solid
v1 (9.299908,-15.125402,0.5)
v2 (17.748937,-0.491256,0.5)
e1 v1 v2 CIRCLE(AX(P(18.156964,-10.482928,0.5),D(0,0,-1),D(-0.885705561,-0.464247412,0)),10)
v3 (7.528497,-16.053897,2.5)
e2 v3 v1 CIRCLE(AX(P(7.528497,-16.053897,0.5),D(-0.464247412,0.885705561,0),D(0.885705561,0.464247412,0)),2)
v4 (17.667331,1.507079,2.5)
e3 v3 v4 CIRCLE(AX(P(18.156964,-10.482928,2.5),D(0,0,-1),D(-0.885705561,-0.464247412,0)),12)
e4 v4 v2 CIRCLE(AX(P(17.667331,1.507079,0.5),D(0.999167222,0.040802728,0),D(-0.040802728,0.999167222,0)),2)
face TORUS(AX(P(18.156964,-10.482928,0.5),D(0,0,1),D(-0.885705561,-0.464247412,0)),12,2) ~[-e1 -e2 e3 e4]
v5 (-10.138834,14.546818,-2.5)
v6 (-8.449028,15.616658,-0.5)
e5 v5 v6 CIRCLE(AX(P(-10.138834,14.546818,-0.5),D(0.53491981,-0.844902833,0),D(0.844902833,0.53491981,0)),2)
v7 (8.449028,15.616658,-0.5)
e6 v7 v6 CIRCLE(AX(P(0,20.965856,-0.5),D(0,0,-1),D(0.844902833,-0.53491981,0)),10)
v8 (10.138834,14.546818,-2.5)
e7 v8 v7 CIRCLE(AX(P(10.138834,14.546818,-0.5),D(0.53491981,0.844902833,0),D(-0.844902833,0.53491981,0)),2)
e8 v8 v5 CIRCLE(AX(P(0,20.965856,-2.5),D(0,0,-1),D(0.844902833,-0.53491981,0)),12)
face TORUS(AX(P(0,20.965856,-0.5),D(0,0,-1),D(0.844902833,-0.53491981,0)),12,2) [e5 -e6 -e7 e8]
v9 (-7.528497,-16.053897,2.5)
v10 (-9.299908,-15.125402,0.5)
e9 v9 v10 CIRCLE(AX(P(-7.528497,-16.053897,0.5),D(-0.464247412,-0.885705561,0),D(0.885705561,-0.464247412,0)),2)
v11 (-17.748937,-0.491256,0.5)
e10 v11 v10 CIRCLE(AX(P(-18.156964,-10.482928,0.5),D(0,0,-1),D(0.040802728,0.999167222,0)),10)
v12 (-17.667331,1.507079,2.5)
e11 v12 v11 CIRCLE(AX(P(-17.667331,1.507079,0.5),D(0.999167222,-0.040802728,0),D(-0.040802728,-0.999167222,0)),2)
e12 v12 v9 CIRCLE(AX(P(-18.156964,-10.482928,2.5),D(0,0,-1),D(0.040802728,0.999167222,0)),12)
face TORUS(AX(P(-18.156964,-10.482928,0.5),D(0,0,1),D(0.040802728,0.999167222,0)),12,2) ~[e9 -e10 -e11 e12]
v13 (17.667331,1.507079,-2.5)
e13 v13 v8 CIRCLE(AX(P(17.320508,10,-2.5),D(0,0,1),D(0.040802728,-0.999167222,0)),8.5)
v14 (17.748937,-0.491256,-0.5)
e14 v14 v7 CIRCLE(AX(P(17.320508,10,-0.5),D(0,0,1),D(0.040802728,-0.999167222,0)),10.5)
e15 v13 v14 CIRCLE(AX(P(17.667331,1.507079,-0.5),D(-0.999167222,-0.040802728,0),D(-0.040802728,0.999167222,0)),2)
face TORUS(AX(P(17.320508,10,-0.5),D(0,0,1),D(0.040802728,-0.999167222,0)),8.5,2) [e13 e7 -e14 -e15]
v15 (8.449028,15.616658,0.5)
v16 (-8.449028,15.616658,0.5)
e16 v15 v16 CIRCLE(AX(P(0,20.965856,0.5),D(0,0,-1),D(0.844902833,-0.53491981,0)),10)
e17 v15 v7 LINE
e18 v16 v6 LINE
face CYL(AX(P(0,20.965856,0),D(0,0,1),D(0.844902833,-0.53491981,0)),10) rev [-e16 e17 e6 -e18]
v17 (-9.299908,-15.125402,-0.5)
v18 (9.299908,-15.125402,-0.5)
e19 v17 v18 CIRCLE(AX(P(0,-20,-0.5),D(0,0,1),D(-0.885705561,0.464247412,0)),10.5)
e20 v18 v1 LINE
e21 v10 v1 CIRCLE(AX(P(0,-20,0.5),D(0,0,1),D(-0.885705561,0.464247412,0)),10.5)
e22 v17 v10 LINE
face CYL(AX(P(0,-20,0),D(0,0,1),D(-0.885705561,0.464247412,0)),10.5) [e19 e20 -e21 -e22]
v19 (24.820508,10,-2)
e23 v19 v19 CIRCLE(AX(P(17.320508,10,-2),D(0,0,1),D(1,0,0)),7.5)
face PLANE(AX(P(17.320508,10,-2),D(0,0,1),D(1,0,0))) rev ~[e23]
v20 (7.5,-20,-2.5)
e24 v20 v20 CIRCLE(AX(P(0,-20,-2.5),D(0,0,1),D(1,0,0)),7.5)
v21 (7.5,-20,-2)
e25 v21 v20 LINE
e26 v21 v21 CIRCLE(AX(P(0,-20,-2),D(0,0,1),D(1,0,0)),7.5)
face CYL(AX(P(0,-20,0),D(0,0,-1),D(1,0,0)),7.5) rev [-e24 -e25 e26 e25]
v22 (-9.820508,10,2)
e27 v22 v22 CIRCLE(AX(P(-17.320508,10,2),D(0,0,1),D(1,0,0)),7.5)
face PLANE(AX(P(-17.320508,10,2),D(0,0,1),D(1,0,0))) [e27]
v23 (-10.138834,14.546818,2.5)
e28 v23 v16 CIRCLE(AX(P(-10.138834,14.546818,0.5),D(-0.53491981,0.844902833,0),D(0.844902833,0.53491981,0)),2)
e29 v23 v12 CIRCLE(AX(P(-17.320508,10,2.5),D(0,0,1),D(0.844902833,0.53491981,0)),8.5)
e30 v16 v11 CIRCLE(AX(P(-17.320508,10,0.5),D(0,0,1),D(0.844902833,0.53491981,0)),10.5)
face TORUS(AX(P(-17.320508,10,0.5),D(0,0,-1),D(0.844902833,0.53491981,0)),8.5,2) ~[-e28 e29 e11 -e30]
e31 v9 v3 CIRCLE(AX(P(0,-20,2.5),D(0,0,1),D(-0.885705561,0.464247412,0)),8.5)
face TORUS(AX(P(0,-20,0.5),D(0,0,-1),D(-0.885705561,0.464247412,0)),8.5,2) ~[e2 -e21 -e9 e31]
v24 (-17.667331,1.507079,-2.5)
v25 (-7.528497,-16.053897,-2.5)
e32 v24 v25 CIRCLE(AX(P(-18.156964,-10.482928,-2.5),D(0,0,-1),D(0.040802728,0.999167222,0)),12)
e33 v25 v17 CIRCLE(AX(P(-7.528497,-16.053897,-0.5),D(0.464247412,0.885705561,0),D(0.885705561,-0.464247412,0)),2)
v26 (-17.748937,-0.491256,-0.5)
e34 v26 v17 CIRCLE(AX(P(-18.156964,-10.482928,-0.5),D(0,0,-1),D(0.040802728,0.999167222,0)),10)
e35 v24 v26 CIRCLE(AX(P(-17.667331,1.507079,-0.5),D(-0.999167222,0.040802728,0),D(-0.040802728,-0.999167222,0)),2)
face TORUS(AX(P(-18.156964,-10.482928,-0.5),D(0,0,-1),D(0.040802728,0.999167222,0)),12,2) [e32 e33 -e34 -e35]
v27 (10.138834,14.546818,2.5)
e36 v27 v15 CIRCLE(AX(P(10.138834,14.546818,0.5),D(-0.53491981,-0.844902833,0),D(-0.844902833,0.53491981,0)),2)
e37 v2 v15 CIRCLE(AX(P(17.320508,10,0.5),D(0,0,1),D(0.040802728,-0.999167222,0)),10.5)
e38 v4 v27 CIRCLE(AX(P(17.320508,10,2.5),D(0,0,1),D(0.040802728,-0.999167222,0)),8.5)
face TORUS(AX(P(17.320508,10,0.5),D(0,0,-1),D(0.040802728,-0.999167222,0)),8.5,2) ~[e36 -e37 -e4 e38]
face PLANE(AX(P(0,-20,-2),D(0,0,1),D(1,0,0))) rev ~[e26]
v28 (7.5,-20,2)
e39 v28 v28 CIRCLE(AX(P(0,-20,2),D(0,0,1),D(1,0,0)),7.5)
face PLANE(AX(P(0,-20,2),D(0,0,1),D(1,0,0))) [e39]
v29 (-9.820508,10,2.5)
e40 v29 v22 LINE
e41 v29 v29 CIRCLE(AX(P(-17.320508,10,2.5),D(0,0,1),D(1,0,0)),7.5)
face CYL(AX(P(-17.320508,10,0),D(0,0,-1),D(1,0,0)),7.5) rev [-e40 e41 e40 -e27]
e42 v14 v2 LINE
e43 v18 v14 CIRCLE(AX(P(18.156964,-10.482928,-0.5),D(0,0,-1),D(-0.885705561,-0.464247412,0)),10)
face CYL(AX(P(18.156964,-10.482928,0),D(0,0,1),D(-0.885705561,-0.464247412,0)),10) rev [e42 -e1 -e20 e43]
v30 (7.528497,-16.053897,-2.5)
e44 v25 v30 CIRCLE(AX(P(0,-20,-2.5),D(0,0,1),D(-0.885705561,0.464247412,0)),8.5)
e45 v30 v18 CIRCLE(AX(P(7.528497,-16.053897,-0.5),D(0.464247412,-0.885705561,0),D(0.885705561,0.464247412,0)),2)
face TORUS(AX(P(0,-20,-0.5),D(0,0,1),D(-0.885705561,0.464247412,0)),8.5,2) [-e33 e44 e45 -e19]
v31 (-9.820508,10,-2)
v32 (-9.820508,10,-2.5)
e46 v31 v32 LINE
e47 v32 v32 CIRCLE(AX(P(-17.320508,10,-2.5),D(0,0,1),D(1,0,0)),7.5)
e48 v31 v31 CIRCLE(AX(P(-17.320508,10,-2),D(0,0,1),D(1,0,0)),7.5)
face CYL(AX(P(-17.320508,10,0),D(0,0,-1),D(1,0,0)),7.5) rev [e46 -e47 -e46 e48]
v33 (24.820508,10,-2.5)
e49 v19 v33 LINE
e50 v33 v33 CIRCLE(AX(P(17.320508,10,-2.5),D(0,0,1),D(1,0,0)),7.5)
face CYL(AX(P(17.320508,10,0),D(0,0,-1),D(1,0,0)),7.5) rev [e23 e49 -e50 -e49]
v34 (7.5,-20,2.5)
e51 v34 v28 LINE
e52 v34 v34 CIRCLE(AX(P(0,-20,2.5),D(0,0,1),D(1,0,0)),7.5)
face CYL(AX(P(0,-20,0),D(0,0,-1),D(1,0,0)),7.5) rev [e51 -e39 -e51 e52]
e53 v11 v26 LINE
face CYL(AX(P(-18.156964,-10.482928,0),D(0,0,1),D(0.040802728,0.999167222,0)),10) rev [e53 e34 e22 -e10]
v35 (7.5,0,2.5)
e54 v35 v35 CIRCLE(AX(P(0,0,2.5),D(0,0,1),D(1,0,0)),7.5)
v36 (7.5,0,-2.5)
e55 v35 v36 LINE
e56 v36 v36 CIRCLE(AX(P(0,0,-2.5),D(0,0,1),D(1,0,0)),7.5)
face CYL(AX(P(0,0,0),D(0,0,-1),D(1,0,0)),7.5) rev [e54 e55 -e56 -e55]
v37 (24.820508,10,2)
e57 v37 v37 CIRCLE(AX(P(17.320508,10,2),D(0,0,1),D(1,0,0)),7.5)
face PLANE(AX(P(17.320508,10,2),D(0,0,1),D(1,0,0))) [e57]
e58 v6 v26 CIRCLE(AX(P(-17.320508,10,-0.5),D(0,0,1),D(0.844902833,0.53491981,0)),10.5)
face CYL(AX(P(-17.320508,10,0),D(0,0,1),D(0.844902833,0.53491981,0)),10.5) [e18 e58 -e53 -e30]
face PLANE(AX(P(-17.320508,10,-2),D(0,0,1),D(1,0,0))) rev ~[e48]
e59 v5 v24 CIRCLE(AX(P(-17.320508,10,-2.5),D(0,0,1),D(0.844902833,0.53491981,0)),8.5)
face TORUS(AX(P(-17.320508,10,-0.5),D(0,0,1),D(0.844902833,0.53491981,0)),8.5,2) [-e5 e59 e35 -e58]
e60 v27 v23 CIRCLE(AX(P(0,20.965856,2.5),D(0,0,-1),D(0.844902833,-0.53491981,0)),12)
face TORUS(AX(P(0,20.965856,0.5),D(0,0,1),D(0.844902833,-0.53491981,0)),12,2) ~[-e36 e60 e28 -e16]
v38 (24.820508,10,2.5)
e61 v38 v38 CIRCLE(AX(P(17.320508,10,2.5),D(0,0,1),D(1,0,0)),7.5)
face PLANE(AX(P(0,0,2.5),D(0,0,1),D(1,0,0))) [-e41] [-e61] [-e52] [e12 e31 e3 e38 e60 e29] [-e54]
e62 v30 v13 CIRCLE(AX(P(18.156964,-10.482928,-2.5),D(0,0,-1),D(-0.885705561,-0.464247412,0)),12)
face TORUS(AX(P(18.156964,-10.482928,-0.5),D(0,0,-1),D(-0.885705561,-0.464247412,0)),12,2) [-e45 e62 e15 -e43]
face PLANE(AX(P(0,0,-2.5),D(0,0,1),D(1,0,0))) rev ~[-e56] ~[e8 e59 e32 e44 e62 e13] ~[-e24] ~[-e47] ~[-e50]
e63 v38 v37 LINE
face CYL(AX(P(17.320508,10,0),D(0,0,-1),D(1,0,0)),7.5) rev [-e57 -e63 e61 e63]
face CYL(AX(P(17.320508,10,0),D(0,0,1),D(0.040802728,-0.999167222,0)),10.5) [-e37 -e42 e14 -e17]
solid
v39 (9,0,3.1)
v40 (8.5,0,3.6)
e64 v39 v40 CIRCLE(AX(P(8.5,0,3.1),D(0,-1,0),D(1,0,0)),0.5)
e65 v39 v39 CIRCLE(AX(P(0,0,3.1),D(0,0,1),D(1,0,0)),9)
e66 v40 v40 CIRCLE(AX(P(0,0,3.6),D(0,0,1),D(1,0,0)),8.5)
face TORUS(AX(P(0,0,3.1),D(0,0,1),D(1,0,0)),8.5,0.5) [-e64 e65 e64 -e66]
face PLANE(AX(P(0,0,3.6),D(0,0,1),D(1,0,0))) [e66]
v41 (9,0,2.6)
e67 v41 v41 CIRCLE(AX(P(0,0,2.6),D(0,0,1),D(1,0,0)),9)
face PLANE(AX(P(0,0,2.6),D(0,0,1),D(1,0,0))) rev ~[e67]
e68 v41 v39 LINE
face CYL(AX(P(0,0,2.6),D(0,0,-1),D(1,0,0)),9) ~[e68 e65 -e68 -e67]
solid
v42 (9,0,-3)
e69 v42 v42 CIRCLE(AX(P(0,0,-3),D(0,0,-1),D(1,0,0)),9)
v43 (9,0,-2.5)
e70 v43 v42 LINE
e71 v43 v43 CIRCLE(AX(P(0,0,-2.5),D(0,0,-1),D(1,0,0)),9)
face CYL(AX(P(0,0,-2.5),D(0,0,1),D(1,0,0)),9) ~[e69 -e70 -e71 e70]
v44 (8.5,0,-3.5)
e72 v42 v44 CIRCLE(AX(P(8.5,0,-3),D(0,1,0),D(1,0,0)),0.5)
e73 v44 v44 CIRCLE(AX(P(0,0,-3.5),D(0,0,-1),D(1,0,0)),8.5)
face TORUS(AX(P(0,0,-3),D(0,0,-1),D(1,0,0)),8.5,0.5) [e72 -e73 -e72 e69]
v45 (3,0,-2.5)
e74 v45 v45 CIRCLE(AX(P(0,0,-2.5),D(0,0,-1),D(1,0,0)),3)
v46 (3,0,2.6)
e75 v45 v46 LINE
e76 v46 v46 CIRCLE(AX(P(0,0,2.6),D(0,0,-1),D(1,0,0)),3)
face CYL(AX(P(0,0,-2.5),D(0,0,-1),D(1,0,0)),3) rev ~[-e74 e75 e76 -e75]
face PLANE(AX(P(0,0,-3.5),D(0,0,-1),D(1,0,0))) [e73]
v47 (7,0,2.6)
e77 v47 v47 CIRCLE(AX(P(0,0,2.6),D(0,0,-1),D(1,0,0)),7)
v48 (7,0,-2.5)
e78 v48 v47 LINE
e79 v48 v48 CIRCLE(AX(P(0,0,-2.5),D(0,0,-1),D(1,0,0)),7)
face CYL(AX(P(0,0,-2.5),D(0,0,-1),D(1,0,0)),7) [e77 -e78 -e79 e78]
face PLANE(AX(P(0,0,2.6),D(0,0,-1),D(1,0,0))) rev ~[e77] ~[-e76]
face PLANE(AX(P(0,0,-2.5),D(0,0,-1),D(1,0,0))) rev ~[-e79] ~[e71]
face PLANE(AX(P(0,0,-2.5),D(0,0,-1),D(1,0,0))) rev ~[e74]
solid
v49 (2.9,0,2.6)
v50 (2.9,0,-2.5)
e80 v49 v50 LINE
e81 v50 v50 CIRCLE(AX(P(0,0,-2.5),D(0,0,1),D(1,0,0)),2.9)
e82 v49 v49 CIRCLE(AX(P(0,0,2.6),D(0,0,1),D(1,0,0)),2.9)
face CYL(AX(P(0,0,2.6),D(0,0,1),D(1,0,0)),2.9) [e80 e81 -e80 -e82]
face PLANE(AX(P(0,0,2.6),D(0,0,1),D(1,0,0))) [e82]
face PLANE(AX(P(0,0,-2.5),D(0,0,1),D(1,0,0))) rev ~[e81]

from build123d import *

# Parameters (mm, degrees)
F0_R     = 7.5
F1_DEPTH = 2.5
F2_DEPTH = 2
F3_R     = 7
F3_R_2   = 3
F4_DEPTH = 5.1
F3_R_3   = 9
F5_DEPTH = 1
F6_R     = 2.9
F7_DEPTH = 5.1
F6_R_2   = 9
F6_R_3   = 7
F6_R_4   = 3
F8_DEPTH = 1
F9_R     = 2
F10_R    = 0.5
F10_2_R  = 0.5


with BuildPart() as f1:
    # F0 (on Top) → F1 (new body, symmetric)
    with BuildSketch(Plane.XY):
        with BuildLine():
            ThreePointArc((-17.748936717, -0.4912558304), (-9.4967099566, -5.4829280499), (-9.2999083874, -15.1254021719))
            ThreePointArc((-9.2999083874, -15.1254021719), (0, -30.5), (9.2999083874, -15.1254021719))
            ThreePointArc((9.2999083874, -15.1254021719), (9.4967099566, -5.4829280499), (17.748936717, -0.4912558304))
            ThreePointArc((17.748936717, -0.4912558304), (26.4137748154, 15.25), (8.4490283296, 15.6166580023))
            ThreePointArc((8.4490283296, 15.6166580023), (0, 10.9658560997), (-8.4490283296, 15.6166580023))
            ThreePointArc((-8.4490283296, 15.6166580023), (-26.4137748154, 15.25), (-17.748936717, -0.4912558304))
        make_face()
        with Locations((0, -20)):
            Circle(F0_R, mode=Mode.SUBTRACT)
        with Locations((-17.3205080757, 10)):
            Circle(F0_R, mode=Mode.SUBTRACT)
        Circle(F0_R, mode=Mode.SUBTRACT)
        with Locations((17.3205080757, 10)):
            Circle(F0_R, mode=Mode.SUBTRACT)
    extrude(amount=F1_DEPTH, both=True)

    # F0 (on Top) → F2 (join, symmetric)
    with BuildSketch(Plane.XY):
        with Locations((17.3205080757, 10)):
            Circle(F0_R)
        with Locations((-17.3205080757, 10)):
            Circle(F0_R)
        with Locations((0, -20)):
            Circle(F0_R)
    extrude(amount=F2_DEPTH, both=True)

    # F9
    f9_edges = [f1.edges().sort_by_distance(p)[0] for p in [
        (-26.413775, 15.25, 2.5),
        (-26.413775, 15.25, -2.5),
    ]]
    fillet(f9_edges, radius=F9_R)


with BuildPart() as f4:
    # F3 (on face) → F4 (new body)
    with BuildSketch(Plane(origin=(0, 0, -2.5), x_dir=(1, 0, 0), z_dir=(0, 0, -1))):
        Circle(F3_R)
        Circle(F3_R_2, mode=Mode.SUBTRACT)
    extrude(amount=-F4_DEPTH)

    # F3 (on face) → F5 (join)
    with BuildSketch(Plane(origin=(0, 0, -2.5), x_dir=(1, 0, 0), z_dir=(0, 0, -1))):
        Circle(F3_R_3)
        Circle(F3_R, mode=Mode.SUBTRACT)
        Circle(F3_R)
        Circle(F3_R_2, mode=Mode.SUBTRACT)
        Circle(F3_R_2)
    extrude(amount=F5_DEPTH)

    # F10#2
    f10_2_edges = [f4.edges().sort_by_distance(p)[0] for p in [
        (-9, 0, -3.5),
    ]]
    fillet(f10_2_edges, radius=F10_2_R)


with BuildPart() as f7:
    # F6 (on face) → F7 (new body, through all)
    with BuildSketch(Plane.XY.offset(2.6)):
        Circle(F6_R)
    extrude(amount=-F7_DEPTH)


with BuildPart() as f8:
    # F6 (on face) → F8 (new body)
    with BuildSketch(Plane.XY.offset(2.6)):
        Circle(F6_R_2)
        Circle(F6_R_3, mode=Mode.SUBTRACT)
        Circle(F6_R_3)
        Circle(F6_R_4, mode=Mode.SUBTRACT)
        Circle(F6_R_4)
        Circle(F6_R, mode=Mode.SUBTRACT)
        Circle(F6_R)
    extrude(amount=F8_DEPTH)

    # F10
    f10_edges = [f8.edges().sort_by_distance(p)[0] for p in [
        (-9, 0, 3.6),
    ]]
    fillet(f10_edges, radius=F10_R)


solid = Compound([f1.part, f4.part, f7.part, f8.part])
